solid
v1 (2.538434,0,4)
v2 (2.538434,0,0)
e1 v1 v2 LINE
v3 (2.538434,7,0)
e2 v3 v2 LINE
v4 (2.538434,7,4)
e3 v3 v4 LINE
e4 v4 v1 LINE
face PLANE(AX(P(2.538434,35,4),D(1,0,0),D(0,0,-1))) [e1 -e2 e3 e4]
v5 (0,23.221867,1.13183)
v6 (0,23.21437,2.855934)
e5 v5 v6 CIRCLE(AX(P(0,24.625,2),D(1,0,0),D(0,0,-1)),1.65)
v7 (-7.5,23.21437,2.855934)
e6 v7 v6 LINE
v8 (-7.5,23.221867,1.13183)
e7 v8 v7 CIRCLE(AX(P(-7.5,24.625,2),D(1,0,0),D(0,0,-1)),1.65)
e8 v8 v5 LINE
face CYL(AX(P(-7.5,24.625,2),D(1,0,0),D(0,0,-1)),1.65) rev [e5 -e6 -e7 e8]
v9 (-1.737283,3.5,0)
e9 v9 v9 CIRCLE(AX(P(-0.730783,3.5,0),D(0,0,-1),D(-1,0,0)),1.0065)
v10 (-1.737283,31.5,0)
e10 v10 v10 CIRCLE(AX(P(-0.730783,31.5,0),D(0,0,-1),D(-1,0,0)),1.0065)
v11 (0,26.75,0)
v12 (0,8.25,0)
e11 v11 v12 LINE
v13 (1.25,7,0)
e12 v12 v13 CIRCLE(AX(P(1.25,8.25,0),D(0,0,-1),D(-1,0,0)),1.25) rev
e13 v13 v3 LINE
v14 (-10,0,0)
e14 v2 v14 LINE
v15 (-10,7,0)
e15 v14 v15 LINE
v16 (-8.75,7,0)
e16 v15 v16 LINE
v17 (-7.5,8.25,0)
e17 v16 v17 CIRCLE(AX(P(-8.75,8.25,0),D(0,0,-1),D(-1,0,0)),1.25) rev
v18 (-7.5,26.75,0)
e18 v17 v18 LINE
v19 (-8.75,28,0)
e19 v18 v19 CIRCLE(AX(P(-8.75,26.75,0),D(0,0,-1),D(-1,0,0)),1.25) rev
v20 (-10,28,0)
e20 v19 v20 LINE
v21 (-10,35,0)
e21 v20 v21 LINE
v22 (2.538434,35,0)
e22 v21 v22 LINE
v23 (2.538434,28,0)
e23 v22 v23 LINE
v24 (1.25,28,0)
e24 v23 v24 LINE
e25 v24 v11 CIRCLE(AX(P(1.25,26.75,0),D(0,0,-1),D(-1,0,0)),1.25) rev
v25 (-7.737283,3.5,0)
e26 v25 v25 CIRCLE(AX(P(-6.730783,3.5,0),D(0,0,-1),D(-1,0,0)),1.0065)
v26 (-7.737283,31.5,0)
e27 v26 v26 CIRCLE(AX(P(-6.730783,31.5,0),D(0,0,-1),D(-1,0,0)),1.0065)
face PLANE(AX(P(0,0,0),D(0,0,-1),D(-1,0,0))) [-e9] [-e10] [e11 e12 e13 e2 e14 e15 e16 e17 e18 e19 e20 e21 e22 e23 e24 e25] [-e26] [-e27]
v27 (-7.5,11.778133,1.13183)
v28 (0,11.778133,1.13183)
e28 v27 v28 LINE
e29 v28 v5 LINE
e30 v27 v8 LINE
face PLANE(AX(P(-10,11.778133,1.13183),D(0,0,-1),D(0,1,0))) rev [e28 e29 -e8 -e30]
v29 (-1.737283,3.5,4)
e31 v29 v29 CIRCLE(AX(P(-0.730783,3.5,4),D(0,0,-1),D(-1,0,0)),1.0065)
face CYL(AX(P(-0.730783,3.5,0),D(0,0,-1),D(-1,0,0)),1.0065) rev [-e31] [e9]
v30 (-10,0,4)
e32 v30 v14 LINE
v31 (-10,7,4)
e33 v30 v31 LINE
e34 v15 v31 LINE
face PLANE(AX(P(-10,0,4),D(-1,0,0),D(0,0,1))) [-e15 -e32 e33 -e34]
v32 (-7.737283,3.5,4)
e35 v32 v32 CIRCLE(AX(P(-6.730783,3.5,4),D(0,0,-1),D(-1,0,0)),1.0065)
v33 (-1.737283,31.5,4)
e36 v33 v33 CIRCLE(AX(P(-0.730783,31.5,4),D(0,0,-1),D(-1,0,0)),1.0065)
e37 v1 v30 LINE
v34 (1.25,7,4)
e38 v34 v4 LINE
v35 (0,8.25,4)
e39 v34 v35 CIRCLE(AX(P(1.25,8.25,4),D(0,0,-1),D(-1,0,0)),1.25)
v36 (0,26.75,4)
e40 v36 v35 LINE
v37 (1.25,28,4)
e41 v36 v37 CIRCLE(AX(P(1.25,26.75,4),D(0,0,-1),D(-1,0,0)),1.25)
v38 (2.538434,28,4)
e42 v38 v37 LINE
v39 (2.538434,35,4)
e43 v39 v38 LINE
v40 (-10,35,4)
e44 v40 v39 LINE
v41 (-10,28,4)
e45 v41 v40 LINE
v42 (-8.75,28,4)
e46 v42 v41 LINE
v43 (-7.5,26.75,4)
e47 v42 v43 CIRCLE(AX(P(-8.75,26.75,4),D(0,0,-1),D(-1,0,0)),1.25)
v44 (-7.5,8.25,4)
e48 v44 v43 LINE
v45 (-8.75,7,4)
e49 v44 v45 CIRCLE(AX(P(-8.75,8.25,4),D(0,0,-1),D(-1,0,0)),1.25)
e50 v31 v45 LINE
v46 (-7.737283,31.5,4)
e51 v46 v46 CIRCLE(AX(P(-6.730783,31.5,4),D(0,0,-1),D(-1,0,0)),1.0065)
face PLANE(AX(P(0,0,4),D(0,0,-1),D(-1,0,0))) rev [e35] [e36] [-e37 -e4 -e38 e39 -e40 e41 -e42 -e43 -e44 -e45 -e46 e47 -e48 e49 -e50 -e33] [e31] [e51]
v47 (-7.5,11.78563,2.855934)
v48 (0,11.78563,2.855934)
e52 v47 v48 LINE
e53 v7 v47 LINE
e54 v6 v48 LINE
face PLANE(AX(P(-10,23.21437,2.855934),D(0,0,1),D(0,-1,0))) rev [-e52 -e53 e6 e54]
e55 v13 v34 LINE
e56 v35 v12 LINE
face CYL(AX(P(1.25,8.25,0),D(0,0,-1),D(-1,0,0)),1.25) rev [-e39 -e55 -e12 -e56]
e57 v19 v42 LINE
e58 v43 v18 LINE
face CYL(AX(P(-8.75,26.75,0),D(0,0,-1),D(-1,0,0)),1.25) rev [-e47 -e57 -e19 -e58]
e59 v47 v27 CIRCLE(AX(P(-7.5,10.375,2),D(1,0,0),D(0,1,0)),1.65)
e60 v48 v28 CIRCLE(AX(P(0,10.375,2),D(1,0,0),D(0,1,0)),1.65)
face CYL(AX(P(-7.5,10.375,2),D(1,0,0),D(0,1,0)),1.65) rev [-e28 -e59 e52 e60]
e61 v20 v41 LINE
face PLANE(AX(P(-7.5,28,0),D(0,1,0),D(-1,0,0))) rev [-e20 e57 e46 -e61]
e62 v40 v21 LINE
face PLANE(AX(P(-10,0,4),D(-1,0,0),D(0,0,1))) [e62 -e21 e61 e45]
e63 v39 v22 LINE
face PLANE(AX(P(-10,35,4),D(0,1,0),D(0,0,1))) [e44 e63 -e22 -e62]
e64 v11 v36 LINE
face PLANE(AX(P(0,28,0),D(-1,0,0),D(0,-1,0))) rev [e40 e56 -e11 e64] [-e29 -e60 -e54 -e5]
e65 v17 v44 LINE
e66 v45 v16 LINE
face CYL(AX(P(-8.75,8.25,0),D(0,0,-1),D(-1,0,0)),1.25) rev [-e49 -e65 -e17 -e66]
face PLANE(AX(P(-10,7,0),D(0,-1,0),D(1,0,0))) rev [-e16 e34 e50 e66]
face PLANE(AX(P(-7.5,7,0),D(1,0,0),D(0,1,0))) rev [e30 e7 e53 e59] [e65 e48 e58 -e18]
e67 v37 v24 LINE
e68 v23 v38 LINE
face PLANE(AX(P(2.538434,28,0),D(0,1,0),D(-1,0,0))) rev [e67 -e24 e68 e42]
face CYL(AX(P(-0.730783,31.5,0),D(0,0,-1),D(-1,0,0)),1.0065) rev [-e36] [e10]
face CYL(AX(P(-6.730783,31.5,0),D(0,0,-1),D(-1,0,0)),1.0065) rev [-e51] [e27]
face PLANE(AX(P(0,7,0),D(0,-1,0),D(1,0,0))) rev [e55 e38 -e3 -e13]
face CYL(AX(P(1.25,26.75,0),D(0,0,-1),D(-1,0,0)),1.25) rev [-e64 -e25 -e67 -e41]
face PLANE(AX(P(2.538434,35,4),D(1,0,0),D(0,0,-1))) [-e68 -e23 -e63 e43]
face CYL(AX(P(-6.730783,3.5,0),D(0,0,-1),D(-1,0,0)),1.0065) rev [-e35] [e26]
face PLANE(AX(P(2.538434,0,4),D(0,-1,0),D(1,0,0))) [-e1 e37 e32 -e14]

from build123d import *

# Parameters (mm, degrees)
SKETCH1_W           = 12.538434267
SKETCH1_H           = 35
BOSS_EXTRUDE1_DEPTH = 4
SKETCH2_W           = 2.538434267
SKETCH2_H           = 21
CUT_EXTRUDE1_DEPTH  = 37.619666847
SKETCH3_W           = 2.5
SKETCH3_H           = 21
CUT_EXTRUDE2_DEPTH  = 37.619666847
CUT_EXTRUDE3_DEPTH  = 37.619666847
SKETCH5_W           = 7.5
SKETCH5_H           = 1.65
SKETCH6_W           = 7.5
SKETCH6_H           = 1.65
HOLE1_D             = 2.013
FILLET1_R           = 1.25


with BuildPart() as part:
    # Sketch1 → Boss-Extrude1 (new body)
    with BuildSketch(Plane(origin=(0, 0, 0), x_dir=(-1, 0, 0), z_dir=(0, 0, -1))):
        with Locations((3.730782867, 17.5)):
            Rectangle(SKETCH1_W, SKETCH1_H)
    extrude(amount=-BOSS_EXTRUDE1_DEPTH)

    # Sketch2 → Cut-Extrude1 (cut, through all)
    with BuildSketch(Plane.XY.offset(4)):
        with Locations((1.269217133, 17.5)):
            Rectangle(SKETCH2_W, SKETCH2_H)
    extrude(amount=-CUT_EXTRUDE1_DEPTH, mode=Mode.SUBTRACT)

    # Sketch3 → Cut-Extrude2 (cut, through all)
    with BuildSketch(Plane.XY.offset(4)):
        with Locations((-8.75, 17.5)):
            Rectangle(SKETCH3_W, SKETCH3_H)
    extrude(amount=-CUT_EXTRUDE2_DEPTH, mode=Mode.SUBTRACT)

    # Sketch4 → Cut-Extrude3 (cut, through all)
    with BuildSketch(Plane(origin=(0, 0, 0), x_dir=(0, 0, -1), z_dir=(1, 0, 0))):
        with BuildLine():
            Line((-2.855933763, 23.21436986), (-2.855933763, 11.78563014))
            ThreePointArc((-2.855933763, 11.78563014), (-1.992824856, 12.024984399), (-1.13183027, 11.778132681))
            Line((-1.13183027, 11.778132681), (-1.13183027, 23.221867319))
            ThreePointArc((-1.13183027, 23.221867319), (-1.992824856, 22.975015601), (-2.855933763, 23.21436986))
        make_face()
    extrude(amount=-CUT_EXTRUDE3_DEPTH, mode=Mode.SUBTRACT)

    # Sketch5 → Cut-Revolve1 (revolve, cut)
    with BuildSketch(Plane.XY.offset(2)):
        with Locations((-3.75, 11.2)):
            Rectangle(SKETCH5_W, SKETCH5_H)
    revolve(axis=Axis((-7.5, 10.375, 2), (1, 0, 0)), mode=Mode.SUBTRACT)

    # Sketch6 → Cut-Revolve2 (revolve, cut)
    with BuildSketch(Plane.XY.offset(2)):
        with Locations((-3.75, 25.45)):
            Rectangle(SKETCH6_W, SKETCH6_H)
    revolve(axis=Axis((-7.5, 24.625, 2), (1, 0, 0)), mode=Mode.SUBTRACT)

    # Hole1 (through all)
    with Locations(Plane(origin=(0, 0, 0), x_dir=(-1, 0, 0), z_dir=(0, 0, -1))):
        with Locations((0.730782866, 3.5), (6.730782866, 3.5), (0.730782866, 31.5), (6.730782866, 31.5)):
            Hole(HOLE1_D / 2)

    # Fillet1
    fillet1_edges = [part.edges().sort_by_distance(p)[0] for p in [
        (0, 7, 2),
        (0, 28, 2),
        (-7.5, 28, 2),
        (-7.5, 7, 2),
    ]]
    fillet(fillet1_edges, radius=FILLET1_R)


solid = part.part
